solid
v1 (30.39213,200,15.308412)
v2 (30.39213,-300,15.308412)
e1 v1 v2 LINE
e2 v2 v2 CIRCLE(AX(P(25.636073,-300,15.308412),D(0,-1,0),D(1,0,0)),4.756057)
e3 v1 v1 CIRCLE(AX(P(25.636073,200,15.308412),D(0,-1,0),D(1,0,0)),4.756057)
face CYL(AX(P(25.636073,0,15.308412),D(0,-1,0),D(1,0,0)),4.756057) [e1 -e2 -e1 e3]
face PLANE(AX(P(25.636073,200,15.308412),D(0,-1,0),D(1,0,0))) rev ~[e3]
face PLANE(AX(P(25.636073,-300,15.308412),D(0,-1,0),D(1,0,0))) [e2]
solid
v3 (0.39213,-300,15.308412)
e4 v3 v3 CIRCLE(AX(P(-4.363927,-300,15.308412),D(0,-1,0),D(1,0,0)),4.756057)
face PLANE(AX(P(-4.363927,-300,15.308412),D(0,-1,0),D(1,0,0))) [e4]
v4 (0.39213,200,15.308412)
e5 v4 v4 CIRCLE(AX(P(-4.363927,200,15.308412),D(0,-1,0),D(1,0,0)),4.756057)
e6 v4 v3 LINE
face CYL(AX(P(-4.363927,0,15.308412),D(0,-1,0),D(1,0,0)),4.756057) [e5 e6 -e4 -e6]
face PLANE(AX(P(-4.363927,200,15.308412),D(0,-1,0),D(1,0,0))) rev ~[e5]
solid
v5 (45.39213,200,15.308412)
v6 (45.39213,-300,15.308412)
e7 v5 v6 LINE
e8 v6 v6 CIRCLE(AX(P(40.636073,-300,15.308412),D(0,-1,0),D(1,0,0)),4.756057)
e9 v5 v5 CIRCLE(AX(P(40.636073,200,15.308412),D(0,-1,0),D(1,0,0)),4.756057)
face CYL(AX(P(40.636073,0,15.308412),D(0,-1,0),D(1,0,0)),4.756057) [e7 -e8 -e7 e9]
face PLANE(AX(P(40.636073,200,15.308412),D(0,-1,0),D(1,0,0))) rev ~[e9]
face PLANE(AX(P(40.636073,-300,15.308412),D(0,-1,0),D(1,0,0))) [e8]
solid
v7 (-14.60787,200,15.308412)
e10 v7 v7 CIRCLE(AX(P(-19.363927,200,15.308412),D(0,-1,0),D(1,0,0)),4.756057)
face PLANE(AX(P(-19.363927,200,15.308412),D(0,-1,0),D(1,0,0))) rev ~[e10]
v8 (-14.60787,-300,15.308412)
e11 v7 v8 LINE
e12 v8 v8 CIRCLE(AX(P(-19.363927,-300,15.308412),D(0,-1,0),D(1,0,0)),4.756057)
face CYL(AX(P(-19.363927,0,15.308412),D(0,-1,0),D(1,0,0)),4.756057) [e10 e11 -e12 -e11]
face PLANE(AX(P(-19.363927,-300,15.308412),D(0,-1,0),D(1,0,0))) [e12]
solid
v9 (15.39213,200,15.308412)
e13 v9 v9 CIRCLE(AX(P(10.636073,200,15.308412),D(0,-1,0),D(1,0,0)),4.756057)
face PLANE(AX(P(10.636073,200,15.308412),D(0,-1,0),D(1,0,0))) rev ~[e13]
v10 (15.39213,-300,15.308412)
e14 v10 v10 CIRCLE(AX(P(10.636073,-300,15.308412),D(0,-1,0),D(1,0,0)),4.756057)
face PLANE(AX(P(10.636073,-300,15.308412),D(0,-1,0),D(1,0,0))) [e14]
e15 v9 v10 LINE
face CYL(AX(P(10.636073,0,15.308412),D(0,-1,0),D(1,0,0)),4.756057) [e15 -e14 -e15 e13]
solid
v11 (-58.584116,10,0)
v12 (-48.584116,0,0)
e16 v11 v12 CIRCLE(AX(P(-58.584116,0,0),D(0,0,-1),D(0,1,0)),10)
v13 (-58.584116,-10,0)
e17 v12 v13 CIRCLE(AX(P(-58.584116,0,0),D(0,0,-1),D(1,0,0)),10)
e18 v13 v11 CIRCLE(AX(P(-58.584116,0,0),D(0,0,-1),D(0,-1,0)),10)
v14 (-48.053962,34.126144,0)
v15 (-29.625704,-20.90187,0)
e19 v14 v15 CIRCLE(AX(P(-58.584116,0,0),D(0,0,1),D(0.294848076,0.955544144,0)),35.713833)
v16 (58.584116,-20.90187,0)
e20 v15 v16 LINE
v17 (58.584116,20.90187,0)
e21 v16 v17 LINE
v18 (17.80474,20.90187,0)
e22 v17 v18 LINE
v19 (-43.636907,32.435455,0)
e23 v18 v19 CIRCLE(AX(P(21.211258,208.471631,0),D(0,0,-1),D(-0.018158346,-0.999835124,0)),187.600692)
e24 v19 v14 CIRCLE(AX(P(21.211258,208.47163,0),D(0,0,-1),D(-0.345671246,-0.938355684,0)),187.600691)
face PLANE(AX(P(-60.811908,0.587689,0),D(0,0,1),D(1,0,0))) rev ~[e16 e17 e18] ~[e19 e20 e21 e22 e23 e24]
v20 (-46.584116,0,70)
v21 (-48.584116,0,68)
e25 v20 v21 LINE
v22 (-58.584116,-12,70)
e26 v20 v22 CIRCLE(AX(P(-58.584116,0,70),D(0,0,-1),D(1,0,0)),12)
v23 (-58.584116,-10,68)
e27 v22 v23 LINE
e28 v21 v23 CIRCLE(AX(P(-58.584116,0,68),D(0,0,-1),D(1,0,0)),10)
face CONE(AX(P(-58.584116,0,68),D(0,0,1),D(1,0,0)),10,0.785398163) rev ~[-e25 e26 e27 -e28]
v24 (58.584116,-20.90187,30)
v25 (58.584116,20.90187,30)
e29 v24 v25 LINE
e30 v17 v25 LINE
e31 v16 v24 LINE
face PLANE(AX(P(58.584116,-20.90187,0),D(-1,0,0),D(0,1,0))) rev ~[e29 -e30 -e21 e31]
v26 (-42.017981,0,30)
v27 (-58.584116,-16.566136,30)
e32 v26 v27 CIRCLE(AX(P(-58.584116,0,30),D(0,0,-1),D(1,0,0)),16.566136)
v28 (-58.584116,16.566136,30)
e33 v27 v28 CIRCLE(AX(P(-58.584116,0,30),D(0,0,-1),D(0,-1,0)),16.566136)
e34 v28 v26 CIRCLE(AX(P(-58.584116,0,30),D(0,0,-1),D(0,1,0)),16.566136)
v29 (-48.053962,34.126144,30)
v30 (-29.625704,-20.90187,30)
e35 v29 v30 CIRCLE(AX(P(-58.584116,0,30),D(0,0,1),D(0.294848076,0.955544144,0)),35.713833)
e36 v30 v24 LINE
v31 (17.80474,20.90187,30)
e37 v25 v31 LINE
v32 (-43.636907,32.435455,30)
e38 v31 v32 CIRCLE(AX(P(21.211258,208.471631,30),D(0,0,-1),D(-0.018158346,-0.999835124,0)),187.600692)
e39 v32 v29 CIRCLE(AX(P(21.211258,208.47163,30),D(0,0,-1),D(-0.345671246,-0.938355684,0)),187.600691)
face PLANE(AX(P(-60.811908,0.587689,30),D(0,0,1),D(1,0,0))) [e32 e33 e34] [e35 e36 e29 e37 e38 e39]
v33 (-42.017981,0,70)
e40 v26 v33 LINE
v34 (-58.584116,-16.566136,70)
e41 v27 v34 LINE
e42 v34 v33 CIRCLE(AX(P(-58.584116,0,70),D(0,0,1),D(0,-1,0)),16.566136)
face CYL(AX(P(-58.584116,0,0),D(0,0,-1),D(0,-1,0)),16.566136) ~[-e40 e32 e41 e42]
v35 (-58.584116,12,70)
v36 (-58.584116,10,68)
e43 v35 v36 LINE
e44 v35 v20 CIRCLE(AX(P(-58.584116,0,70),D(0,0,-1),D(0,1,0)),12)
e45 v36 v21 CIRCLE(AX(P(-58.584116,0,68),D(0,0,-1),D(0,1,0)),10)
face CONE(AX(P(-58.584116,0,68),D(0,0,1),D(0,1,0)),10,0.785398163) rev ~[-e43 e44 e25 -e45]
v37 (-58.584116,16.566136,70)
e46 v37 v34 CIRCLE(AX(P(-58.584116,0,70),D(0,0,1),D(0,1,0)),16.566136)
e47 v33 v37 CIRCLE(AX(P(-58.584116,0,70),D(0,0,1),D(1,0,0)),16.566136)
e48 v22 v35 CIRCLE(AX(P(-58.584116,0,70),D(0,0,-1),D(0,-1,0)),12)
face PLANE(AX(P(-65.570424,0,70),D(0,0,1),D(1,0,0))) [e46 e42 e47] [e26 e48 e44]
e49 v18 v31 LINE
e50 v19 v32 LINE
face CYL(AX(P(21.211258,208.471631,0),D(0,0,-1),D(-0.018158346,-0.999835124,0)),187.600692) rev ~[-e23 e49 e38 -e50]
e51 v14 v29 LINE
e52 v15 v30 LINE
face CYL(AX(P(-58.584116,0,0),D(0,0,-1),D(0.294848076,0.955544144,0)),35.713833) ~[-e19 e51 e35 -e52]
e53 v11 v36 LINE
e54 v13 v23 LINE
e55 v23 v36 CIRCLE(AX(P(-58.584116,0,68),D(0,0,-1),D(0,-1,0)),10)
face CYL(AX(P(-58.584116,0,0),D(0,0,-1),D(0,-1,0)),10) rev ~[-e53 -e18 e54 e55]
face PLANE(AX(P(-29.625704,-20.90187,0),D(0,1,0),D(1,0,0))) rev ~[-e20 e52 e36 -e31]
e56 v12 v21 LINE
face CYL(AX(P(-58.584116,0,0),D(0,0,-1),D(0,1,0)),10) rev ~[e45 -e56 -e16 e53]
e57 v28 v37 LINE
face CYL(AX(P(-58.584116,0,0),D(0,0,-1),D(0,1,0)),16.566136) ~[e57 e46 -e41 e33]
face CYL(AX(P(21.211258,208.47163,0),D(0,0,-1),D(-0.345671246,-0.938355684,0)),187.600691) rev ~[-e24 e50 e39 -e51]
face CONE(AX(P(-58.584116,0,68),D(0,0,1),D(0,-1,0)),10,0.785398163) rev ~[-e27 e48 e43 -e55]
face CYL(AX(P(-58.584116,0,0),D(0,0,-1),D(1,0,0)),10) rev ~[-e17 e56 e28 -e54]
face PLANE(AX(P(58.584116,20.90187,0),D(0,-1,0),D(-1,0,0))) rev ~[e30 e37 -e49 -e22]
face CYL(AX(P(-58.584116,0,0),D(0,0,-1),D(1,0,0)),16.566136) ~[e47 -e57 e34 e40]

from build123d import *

# Parameters (mm, degrees)
F1_DEPTH      = 30
F2_DEPTH      = 70
F3_SIZE       = 2
F4_R          = 4.7560570879
F5_DEPTH      = 300
F5_DEPTH_BACK = 200


with BuildPart() as f1:
    # F0 (on Top) → F1 (new body)
    with BuildSketch(Plane.XY):
        with BuildLine():
            ThreePointArc((-48.0539615262, 34.1261437092), (-92.4493983085, -11.341099035), (-29.6257035051, -20.9018699825))
            Line((-29.6257035051, -20.9018699825), (-58.5841163993, -20.9018699825))
            Line((-58.5841163993, -20.9018699825), (-58.5841163993, -16.5661355414))
            ThreePointArc((-58.5841163993, -16.5661355414), (-75.1502519407, 0), (-58.5841163993, 16.5661355414))
            Line((-58.5841163993, 16.5661355414), (-58.5841163993, 20.9018699825))
            Line((-58.5841163993, 20.9018699825), (-29.6257035051, 20.9018699825))
            ThreePointArc((-29.6257035051, 20.9018699825), (-35.8864992973, 27.5734659411), (-43.6369066992, 32.4354554199))
            ThreePointArc((-43.6369066992, 32.4354554199), (-45.8507622784, 33.2668793167), (-48.0539615262, 34.1261437092))
        make_face()
        with BuildLine():
            Line((-58.5841163993, -20.9018699825), (-29.6257035051, -20.9018699825))
            ThreePointArc((-29.6257035051, -20.9018699825), (-24.6010782812, -10.9832129352), (-22.8702836994, 0))
            ThreePointArc((-22.8702836994, 0), (-24.6010782812, 10.9832129352), (-29.6257035051, 20.9018699825))
            Line((-29.6257035051, 20.9018699825), (-58.5841163993, 20.9018699825))
            Line((-58.5841163993, 20.9018699825), (-58.5841163993, 16.5661355414))
            ThreePointArc((-58.5841163993, 16.5661355414), (-46.8700896199, 11.7140267794), (-42.0179808579, 0))
            ThreePointArc((-42.0179808579, 0), (-46.8700896199, -11.7140267794), (-58.5841163993, -16.5661355414))
            Line((-58.5841163993, -16.5661355414), (-58.5841163993, -20.9018699825))
        make_face()
        with BuildLine():
            Line((-29.6257035051, 20.9018699825), (17.8047399968, 20.9018699825))
            ThreePointArc((17.8047399968, 20.9018699825), (-13.3998865309, 24.0913493238), (-43.6369066992, 32.4354554199))
            ThreePointArc((-43.6369066992, 32.4354554199), (-35.8864992973, 27.5734659411), (-29.6257035051, 20.9018699825))
        make_face()
        with BuildLine():
            Line((-29.6257035051, -20.9018699825), (58.5841163993, -20.9018699825))
            Line((58.5841163993, -20.9018699825), (58.5841163993, 20.9018699825))
            Line((58.5841163993, 20.9018699825), (17.8047399968, 20.9018699825))
            Line((17.8047399968, 20.9018699825), (-29.6257035051, 20.9018699825))
            ThreePointArc((-29.6257035051, 20.9018699825), (-24.6010782812, 10.9832129352), (-22.8702836994, 0))
            ThreePointArc((-22.8702836994, 0), (-24.6010782812, -10.9832129352), (-29.6257035051, -20.9018699825))
        make_face()
    extrude(amount=F1_DEPTH)

    # F0 (on Top) → F2 (join)
    with BuildSketch(Plane.XY):
        with BuildLine():
            ThreePointArc((-58.5841163993, 16.5661355414), (-75.1502519407, 0), (-58.5841163993, -16.5661355414))
            Line((-58.5841163993, -16.5661355414), (-58.5841163993, -10))
            ThreePointArc((-58.5841163993, -10), (-68.5841163993, 0), (-58.5841163993, 10))
            Line((-58.5841163993, 10), (-58.5841163993, 16.5661355414))
        make_face()
        with BuildLine():
            Line((-58.5841163993, -10), (-58.5841163993, -16.5661355414))
            ThreePointArc((-58.5841163993, -16.5661355414), (-46.8700896199, -11.7140267794), (-42.0179808579, 0))
            ThreePointArc((-42.0179808579, 0), (-46.8700896199, 11.7140267794), (-58.5841163993, 16.5661355414))
            Line((-58.5841163993, 16.5661355414), (-58.5841163993, 10))
            ThreePointArc((-58.5841163993, 10), (-51.5130485874, 7.0710678119), (-48.5841163993, 0))
            ThreePointArc((-48.5841163993, 0), (-51.5130485874, -7.0710678119), (-58.5841163993, -10))
        make_face()
    extrude(amount=F2_DEPTH)

    # F3
    f3_edges = [f1.edges().sort_by_distance(p)[0] for p in [
        (-58.584116, -10, 70),
    ]]
    chamfer(f3_edges, length=F3_SIZE)


with BuildPart() as f5:
    # F4 (on Front) → F5 (new body, two sides)
    with BuildSketch(Plane.XZ) as f5_sk:
        with Locations((-19.3639267236, 15.3084117919)):
            Circle(F4_R)
    extrude(amount=F5_DEPTH)
    extrude(f5_sk.sketch, amount=-F5_DEPTH_BACK)


with BuildPart() as f5b:
    # F4 (on Front) → F5, piece 2 (new body, two sides)
    with BuildSketch(Plane.XZ) as f5_2_sk:
        with Locations((-4.3639267236, 15.3084117919)):
            Circle(F4_R)
    extrude(amount=F5_DEPTH)
    extrude(f5_2_sk.sketch, amount=-F5_DEPTH_BACK)


with BuildPart() as f5c:
    # F4 (on Front) → F5, piece 3 (new body, two sides)
    with BuildSketch(Plane.XZ) as f5_3_sk:
        with Locations((10.6360732764, 15.3084117919)):
            Circle(F4_R)
    extrude(amount=F5_DEPTH)
    extrude(f5_3_sk.sketch, amount=-F5_DEPTH_BACK)


with BuildPart() as f5d:
    # F4 (on Front) → F5, piece 4 (new body, two sides)
    with BuildSketch(Plane.XZ) as f5_4_sk:
        with Locations((25.6360732764, 15.3084117919)):
            Circle(F4_R)
    extrude(amount=F5_DEPTH)
    extrude(f5_4_sk.sketch, amount=-F5_DEPTH_BACK)


with BuildPart() as f5e:
    # F4 (on Front) → F5, piece 5 (new body, two sides)
    with BuildSketch(Plane.XZ) as f5_5_sk:
        with Locations((40.6360732764, 15.3084117919)):
            Circle(F4_R)
    extrude(amount=F5_DEPTH)
    extrude(f5_5_sk.sketch, amount=-F5_DEPTH_BACK)


solid = Compound([f1.part, f5.part, f5b.part, f5c.part, f5d.part, f5e.part])
